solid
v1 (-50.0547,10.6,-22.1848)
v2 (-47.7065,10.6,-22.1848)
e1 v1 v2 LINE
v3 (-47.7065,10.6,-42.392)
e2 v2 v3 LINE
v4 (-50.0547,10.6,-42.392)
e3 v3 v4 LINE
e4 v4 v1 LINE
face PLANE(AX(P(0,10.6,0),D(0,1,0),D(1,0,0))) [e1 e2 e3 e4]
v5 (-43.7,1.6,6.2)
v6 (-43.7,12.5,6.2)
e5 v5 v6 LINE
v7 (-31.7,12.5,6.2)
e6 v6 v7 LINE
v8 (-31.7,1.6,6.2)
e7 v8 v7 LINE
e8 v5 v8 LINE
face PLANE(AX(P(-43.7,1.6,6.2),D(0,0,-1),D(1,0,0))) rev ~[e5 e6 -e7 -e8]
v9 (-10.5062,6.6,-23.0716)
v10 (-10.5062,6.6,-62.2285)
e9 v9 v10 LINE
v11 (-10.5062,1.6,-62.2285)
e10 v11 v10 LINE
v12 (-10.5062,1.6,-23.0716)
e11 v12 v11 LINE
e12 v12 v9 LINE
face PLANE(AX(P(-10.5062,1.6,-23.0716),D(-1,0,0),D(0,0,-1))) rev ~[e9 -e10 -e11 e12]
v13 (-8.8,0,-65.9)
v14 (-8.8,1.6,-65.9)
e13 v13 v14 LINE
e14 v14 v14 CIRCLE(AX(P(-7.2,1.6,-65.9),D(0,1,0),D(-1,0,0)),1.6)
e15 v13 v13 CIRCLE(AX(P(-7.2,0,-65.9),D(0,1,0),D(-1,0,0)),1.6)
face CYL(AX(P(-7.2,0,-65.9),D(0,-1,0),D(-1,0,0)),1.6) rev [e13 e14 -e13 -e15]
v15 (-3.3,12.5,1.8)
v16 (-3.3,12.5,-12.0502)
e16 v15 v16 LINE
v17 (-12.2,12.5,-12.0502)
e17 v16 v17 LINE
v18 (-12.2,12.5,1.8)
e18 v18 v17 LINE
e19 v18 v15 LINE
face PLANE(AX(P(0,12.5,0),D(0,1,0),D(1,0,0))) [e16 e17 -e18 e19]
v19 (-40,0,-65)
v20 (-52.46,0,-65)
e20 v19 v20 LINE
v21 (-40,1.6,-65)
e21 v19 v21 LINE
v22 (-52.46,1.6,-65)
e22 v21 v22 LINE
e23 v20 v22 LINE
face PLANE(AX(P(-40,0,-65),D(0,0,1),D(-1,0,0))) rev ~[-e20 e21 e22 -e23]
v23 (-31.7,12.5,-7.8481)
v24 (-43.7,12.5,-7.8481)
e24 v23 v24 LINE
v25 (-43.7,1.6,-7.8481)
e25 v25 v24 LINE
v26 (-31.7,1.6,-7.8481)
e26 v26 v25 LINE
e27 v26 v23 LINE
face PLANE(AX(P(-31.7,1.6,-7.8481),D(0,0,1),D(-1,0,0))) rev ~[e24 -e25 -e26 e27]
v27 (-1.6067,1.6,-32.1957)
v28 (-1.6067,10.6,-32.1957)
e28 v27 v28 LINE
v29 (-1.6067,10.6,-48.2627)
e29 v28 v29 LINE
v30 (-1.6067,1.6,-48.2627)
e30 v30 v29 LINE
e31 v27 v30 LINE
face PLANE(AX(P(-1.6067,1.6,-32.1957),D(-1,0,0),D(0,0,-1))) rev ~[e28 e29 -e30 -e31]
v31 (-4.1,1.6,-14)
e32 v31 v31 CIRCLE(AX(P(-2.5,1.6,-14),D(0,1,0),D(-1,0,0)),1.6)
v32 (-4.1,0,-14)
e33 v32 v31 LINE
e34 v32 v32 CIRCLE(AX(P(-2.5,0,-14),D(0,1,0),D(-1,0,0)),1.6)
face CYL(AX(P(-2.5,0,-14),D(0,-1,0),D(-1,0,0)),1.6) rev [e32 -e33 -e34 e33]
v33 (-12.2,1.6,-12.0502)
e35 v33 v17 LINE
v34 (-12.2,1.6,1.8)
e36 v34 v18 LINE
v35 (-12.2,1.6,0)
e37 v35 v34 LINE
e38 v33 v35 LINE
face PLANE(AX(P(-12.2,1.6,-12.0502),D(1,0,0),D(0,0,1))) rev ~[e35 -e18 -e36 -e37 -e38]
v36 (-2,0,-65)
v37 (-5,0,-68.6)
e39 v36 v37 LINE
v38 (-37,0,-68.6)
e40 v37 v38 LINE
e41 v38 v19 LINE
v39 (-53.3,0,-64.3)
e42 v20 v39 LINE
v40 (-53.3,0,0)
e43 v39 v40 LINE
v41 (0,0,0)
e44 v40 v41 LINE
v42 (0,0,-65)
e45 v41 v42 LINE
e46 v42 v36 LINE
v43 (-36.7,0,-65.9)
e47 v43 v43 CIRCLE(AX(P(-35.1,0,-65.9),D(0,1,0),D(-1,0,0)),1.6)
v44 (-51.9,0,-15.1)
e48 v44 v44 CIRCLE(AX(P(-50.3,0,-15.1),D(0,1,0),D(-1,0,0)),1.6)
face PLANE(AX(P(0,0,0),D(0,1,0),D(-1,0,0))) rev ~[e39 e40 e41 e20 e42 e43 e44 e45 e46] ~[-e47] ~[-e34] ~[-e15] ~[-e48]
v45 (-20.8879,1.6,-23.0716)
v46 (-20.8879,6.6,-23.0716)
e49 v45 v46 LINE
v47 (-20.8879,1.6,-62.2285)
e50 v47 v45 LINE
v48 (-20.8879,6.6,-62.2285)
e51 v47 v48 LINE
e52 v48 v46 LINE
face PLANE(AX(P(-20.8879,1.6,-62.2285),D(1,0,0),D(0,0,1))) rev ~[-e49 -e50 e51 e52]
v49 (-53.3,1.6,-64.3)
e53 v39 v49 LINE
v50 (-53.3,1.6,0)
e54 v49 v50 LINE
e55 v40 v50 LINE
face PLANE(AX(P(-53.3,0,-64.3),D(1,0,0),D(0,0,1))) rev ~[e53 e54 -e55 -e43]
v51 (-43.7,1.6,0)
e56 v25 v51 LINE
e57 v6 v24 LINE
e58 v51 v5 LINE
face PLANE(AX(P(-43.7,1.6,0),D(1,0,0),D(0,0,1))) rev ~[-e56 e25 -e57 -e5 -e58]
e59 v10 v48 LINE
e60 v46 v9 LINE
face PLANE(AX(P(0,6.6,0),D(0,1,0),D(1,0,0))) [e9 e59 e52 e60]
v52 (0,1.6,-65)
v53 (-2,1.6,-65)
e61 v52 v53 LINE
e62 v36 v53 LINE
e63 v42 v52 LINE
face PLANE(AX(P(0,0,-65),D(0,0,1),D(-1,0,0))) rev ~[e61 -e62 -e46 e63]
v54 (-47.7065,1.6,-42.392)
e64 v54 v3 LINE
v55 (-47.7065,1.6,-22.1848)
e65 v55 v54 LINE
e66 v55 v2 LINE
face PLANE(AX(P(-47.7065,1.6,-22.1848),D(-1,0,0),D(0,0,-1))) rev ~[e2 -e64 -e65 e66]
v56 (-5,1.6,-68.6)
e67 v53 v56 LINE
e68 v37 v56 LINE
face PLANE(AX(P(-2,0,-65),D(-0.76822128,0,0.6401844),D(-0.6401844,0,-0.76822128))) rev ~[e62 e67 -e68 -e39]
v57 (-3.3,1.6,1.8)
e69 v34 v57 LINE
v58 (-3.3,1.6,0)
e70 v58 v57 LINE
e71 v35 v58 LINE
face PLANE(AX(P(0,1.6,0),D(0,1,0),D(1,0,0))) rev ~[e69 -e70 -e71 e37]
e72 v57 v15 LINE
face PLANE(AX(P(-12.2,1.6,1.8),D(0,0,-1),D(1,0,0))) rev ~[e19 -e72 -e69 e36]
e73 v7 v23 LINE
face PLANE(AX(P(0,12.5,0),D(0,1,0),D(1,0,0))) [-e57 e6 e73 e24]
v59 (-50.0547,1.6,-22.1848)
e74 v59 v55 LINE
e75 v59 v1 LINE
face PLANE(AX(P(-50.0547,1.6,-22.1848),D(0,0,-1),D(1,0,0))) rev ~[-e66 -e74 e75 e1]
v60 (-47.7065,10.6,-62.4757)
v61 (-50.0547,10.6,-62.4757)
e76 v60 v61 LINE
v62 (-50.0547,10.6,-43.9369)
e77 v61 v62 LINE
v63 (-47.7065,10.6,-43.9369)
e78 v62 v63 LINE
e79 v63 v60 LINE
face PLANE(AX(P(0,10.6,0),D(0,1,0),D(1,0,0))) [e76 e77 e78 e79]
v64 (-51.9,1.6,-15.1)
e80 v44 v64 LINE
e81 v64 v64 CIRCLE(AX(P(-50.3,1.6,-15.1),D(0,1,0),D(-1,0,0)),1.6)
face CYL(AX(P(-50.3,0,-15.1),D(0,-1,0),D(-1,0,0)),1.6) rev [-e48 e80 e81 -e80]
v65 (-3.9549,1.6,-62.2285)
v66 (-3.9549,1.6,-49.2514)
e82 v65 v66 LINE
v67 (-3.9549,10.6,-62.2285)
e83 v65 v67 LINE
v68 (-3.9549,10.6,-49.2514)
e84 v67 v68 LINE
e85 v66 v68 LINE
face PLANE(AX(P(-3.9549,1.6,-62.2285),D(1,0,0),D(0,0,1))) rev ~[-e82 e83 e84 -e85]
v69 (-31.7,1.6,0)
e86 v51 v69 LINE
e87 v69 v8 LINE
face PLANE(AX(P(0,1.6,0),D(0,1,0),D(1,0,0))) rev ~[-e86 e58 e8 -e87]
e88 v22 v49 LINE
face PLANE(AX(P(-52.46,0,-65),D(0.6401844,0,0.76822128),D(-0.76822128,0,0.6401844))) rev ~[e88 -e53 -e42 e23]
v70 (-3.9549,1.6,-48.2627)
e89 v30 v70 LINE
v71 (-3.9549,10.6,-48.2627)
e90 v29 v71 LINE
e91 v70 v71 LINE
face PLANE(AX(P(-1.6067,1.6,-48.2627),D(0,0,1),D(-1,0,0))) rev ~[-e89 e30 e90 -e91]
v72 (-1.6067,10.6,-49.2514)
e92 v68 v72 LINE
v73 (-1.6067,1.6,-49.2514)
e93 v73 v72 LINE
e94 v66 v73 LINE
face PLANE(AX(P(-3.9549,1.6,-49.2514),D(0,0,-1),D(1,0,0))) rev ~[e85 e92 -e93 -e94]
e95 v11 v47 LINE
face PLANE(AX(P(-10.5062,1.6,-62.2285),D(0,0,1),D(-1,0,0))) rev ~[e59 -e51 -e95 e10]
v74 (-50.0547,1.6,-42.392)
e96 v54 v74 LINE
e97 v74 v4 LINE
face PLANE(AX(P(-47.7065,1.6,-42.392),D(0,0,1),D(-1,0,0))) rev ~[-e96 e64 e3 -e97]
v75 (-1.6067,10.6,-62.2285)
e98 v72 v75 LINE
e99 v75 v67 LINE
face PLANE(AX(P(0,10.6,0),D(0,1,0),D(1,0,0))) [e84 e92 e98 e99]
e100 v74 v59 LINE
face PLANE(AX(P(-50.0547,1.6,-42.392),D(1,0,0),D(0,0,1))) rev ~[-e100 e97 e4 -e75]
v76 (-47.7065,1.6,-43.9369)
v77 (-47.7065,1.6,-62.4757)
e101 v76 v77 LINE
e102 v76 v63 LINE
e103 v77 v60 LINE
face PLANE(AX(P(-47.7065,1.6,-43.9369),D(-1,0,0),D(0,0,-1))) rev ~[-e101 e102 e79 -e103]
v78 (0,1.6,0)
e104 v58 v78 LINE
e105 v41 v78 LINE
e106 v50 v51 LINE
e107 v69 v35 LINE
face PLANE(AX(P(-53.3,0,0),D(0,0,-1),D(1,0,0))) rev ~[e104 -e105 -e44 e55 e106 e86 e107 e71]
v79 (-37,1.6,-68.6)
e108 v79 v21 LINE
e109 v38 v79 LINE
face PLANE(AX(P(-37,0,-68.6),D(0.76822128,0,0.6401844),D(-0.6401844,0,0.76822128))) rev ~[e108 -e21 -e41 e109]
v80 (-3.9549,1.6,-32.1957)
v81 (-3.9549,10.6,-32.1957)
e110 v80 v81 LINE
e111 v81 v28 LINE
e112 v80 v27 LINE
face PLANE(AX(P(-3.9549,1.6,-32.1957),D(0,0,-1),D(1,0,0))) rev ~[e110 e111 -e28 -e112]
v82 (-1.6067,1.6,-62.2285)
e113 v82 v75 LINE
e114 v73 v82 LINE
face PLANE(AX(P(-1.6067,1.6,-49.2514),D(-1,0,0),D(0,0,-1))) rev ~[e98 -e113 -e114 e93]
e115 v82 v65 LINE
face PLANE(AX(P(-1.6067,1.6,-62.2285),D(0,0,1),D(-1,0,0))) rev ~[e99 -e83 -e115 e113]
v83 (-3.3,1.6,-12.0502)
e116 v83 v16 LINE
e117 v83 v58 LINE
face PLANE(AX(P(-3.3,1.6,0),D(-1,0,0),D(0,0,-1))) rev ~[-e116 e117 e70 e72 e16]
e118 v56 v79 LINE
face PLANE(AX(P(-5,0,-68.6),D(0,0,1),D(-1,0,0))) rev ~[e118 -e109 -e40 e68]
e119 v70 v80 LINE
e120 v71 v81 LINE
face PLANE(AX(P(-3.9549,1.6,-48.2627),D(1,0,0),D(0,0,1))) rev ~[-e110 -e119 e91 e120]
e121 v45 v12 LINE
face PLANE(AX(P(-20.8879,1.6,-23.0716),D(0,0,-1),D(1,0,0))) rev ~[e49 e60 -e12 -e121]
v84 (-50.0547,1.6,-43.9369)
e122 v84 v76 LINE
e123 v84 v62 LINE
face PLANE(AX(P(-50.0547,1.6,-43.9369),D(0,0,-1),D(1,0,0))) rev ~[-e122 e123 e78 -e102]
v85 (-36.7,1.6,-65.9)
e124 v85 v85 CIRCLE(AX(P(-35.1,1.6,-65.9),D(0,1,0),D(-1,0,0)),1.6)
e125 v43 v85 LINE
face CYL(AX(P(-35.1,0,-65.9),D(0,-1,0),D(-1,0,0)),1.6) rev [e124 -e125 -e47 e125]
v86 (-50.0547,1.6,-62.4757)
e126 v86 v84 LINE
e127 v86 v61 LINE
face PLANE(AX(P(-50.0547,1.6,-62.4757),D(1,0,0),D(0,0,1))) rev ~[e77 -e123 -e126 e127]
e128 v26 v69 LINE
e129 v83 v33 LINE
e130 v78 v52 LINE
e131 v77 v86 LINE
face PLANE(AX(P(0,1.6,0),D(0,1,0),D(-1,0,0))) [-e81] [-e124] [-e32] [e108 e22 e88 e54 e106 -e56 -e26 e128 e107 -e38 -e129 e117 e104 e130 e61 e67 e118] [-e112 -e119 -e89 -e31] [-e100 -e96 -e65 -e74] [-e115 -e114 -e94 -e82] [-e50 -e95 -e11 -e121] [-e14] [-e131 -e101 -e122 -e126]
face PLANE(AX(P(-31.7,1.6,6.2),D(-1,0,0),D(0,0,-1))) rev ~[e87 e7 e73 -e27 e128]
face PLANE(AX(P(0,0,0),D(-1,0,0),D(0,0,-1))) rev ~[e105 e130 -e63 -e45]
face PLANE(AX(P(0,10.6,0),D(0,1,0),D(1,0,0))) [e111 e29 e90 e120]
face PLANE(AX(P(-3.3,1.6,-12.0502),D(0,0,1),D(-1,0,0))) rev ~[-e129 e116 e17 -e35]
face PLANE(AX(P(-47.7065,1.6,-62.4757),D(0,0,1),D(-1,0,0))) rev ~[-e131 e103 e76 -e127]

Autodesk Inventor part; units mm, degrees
ref_plane "YZ Plane" through (0, 0, 0) normal (1, 0, 0) x (0, 1, 0)
ref_plane "XZ Plane" through (0, 0, 0) normal (0, 1, 0) x (-1, 0, 0)
ref_plane "XY Plane" through (0, 0, 0) normal (0, 0, 1) x (1, 0, 0)
sketch "Sketch1" plane through (0, 0, 0) normal (0, 1, 0) x (-1, 0, 0)
  line L0 (53.3, 0) -> (0, 0)
  line L1 (0, 0) -> (0, -65)
  line L2 (0, -65) -> (2, -65)
  line L3 (2, -65) -> (5, -68.6)
  line L4 (5, -68.6) -> (37, -68.6)
  line L5 (37, -68.6) -> (40, -65)
  line L6 (40, -65) -> (52.46, -65)
  line L7 (52.46, -65) -> (53.3, -64.3)
  line L8 (53.3, -64.3) -> (53.3, 0)
  line L9 (63.96, 0) -> (-10.66, 0) projected
  line L10 (0, -82.32) -> (0, 13.72) projected
  circle A0 centre (50.3, -15.1) radius 1.6
  circle A1 centre (2.5, -14) radius 1.6
  circle A2 centre (35.1, -65.9) radius 1.6
  circle A3 centre (7.2, -65.9) radius 1.6
  dimension "d2" = 53.3
  dimension "d5" = 51.9
  dimension "d6" = 1.1
  dimension "d8" = 27.9
  dimension "d9" = 15.2
  dimension "d10" = 68.6
  dimension "d11" = 3.2
  dimension "d12" = 50.8
  dimension "d13" = 4.7
  dimension "d15" = 2.5
  dimension "d17" = 14
  dimension "d18" = 37
  dimension "d19" = 40
  dimension "d20" = 2
  dimension "d21" = 5
  dimension "d22" = 65
extrude "board" add sketch "Sketch1" along normal blind 1.6
sketch "Sketch2" plane through (0, 1.6, 0) normal (0, 1, 0) x (1, 0, 0)
  line L0 (-43.7, -6.2) -> (-31.7, -6.2)
  line L1 (-31.7, -6.2) -> (-31.7, 7.8481)
  line L2 (-31.7, 7.8481) -> (-43.7, 7.8481)
  line L3 (-43.7, 7.8481) -> (-43.7, -6.2)
  line L4 (-12.2, -1.8) -> (-3.3, -1.8)
  line L5 (-3.3, -1.8) -> (-3.3, 12.0502)
  line L6 (-3.3, 12.0502) -> (-12.2, 12.0502)
  line L7 (-12.2, 12.0502) -> (-12.2, -1.8)
  line L8 (-50.0547, 22.1848) -> (-47.7065, 22.1848)
  line L9 (-47.7065, 22.1848) -> (-47.7065, 42.392)
  line L10 (-47.7065, 42.392) -> (-50.0547, 42.392)
  line L11 (-50.0547, 42.392) -> (-50.0547, 22.1848)
  line L12 (-50.0547, 43.9369) -> (-47.7065, 43.9369)
  line L13 (-47.7065, 43.9369) -> (-47.7065, 62.4757)
  line L14 (-47.7065, 62.4757) -> (-50.0547, 62.4757)
  line L15 (-50.0547, 62.4757) -> (-50.0547, 43.9369)
  line L16 (-3.9549, 32.1957) -> (-1.6067, 32.1957)
  line L17 (-1.6067, 32.1957) -> (-1.6067, 48.2627)
  line L18 (-1.6067, 48.2627) -> (-3.9549, 48.2627)
  line L19 (-3.9549, 48.2627) -> (-3.9549, 32.1957)
  line L20 (-3.9549, 49.2514) -> (-1.6067, 49.2514)
  line L21 (-1.6067, 49.2514) -> (-1.6067, 62.2285)
  line L22 (-1.6067, 62.2285) -> (-3.9549, 62.2285)
  line L23 (-3.9549, 62.2285) -> (-3.9549, 49.2514)
  line L24 (-53.3, 64.3) -> (-53.3, 0) projected
  line L25 (0, 0) -> (0, 65) projected
  line L26 (-53.3, 0) -> (0, 0) projected
  line L27 (-20.8879, 23.0716) -> (-10.5062, 23.0716)
  line L28 (-10.5062, 23.0716) -> (-10.5062, 62.2285)
  line L29 (-10.5062, 62.2285) -> (-20.8879, 62.2285)
  line L30 (-20.8879, 62.2285) -> (-20.8879, 23.0716)
  dimension "d25" = 9.6
  dimension "d26" = 12
  dimension "d27" = 3.3
  dimension "d28" = 8.9
  dimension "d29" = 1.8
  dimension "d30" = 6.2
extrude "Extrusion2" add sketch "Sketch2" along normal blind 10.9 contours L3 L26 L1 L0 | L7 L6 L5 L26 | L26 L5 L4 L7 | L3 L2 L1 L26
extrude "Extrusion3" add sketch "Sketch2" along normal blind 5 contours L30 L29 L28 L27
extrude "Extrusion4" add sketch "Sketch2" along normal blind 9 contours L11 L10 L9 L8 | L15 L14 L13 L12 | L19 L18 L17 L16 | L23 L22 L21 L20
properties part number "arduino_uno"
